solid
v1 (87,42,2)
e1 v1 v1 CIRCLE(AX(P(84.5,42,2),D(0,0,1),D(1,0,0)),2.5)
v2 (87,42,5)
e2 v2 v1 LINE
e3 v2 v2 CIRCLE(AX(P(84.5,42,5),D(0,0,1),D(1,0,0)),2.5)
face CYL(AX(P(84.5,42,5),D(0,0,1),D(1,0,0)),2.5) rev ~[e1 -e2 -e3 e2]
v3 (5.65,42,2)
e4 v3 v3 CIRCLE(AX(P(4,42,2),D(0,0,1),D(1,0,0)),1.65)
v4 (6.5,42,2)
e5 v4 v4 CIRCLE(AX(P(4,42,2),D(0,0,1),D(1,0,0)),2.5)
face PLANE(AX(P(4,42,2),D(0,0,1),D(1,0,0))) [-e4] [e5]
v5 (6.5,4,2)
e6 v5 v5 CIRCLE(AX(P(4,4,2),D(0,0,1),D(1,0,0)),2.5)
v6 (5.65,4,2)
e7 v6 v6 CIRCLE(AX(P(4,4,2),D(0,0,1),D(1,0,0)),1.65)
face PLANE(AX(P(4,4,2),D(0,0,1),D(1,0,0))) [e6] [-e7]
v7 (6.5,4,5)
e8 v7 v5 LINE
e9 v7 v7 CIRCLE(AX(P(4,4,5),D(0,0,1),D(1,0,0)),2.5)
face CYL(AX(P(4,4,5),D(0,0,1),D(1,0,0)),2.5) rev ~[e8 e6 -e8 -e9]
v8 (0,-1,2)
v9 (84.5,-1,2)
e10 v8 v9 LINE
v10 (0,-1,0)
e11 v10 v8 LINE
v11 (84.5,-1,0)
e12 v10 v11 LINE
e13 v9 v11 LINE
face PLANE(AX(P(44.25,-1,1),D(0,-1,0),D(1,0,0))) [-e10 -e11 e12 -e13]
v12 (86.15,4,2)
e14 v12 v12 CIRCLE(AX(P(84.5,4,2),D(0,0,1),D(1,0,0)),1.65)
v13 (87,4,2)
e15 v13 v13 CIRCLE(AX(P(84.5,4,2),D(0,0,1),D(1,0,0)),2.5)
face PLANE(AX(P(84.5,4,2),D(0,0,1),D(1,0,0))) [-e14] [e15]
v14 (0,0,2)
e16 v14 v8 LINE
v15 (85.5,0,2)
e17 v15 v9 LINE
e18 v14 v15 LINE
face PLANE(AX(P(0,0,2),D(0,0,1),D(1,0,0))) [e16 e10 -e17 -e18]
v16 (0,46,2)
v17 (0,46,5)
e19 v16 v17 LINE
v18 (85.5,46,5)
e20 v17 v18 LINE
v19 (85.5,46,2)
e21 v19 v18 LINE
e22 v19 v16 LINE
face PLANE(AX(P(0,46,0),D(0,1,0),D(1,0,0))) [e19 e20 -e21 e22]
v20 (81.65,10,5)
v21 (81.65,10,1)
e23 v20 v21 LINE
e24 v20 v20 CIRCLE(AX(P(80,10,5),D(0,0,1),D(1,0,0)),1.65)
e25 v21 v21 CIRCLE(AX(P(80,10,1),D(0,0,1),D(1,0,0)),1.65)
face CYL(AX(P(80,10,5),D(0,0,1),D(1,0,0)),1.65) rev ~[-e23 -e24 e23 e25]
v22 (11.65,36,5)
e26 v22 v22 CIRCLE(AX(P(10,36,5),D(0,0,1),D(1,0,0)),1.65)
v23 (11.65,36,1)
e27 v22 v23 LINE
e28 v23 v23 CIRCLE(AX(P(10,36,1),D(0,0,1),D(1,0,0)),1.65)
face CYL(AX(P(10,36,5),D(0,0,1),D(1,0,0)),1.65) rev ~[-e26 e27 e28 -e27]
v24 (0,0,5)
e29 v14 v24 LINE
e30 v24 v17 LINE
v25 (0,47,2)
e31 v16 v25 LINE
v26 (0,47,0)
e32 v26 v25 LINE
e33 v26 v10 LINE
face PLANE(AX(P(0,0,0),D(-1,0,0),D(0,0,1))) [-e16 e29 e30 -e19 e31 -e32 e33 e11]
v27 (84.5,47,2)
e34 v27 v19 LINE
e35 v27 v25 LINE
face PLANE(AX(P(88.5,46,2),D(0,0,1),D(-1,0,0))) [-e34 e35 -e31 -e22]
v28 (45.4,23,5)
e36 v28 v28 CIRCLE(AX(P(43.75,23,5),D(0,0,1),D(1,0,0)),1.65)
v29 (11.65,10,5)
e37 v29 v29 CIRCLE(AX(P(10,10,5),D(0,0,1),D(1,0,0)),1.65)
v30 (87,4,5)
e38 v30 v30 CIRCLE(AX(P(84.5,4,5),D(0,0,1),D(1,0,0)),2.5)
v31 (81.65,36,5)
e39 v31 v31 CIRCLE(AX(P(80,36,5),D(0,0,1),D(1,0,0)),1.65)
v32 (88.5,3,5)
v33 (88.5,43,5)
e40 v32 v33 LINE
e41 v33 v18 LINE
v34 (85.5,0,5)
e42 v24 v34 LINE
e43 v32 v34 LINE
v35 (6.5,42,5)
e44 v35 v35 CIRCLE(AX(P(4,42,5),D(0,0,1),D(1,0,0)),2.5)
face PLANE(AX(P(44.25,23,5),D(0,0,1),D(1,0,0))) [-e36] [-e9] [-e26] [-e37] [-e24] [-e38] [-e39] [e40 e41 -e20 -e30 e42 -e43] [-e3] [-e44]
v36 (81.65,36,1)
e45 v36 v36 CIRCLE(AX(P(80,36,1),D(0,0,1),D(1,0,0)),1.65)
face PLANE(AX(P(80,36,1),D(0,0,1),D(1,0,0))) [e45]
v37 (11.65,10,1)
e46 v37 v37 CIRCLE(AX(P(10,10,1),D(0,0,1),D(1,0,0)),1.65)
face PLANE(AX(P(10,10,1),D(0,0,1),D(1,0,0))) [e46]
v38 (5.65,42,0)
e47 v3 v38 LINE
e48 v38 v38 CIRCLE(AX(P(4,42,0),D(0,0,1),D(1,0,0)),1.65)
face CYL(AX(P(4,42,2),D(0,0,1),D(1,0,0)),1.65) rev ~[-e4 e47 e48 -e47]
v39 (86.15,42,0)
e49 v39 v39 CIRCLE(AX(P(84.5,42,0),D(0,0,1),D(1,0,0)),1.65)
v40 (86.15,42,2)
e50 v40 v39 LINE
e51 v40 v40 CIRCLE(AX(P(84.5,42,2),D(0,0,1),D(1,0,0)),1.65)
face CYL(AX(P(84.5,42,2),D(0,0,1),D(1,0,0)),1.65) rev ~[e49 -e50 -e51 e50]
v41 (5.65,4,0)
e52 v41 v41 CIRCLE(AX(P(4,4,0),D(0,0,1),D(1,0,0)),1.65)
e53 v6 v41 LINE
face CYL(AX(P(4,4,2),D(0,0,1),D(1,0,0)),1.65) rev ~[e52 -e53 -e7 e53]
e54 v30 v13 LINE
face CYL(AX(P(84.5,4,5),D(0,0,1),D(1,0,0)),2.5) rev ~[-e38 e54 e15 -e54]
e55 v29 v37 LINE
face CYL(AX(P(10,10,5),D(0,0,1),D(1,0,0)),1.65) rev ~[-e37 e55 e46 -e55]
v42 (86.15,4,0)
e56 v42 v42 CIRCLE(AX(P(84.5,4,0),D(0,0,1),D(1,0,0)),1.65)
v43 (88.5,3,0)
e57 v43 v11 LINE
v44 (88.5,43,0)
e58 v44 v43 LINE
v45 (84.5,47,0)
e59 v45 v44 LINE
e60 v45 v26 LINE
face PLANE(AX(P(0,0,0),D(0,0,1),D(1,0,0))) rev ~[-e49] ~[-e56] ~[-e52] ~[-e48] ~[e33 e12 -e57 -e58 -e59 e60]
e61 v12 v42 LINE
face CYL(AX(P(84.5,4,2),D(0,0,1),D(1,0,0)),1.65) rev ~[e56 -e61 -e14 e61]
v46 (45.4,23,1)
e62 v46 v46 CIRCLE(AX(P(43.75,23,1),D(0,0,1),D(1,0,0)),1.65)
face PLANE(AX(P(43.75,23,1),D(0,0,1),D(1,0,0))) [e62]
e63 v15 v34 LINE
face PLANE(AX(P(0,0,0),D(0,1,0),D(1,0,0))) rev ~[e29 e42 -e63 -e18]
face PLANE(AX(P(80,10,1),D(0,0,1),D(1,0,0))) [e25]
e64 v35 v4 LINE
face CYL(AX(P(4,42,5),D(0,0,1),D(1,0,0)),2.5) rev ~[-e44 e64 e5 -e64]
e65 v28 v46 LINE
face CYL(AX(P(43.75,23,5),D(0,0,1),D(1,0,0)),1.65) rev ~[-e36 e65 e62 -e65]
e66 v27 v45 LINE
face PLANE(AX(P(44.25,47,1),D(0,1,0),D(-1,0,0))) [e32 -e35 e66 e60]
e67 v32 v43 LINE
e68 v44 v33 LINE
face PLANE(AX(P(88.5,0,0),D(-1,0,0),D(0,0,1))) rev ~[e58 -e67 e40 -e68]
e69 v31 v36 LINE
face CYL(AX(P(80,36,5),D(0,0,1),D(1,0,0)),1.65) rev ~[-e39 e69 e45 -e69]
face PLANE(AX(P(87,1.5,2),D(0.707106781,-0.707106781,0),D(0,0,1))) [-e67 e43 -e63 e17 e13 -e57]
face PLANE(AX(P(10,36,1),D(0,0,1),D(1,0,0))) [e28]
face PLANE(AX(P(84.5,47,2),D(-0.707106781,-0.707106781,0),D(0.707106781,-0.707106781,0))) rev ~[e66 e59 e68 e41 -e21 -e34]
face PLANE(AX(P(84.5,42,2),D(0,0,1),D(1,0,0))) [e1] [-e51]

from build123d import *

# Parameters (mm, degrees)
F0_W      = 88.5
F0_H      = 46
F1_DEPTH  = 5
F2_R      = 2.5
F6_DEPTH  = 3
F3_R      = 2.5
F7_DEPTH  = 3
F4_R      = 2.5
F8_DEPTH  = 3
F5_R      = 2.5
F9_DEPTH  = 3
F12_R     = 1.65
F14_DEPTH = 3
F13_R     = 1.65
F15_DEPTH = 3
F11_R     = 1.65
F16_DEPTH = 3
F10_R     = 1.65
F17_DEPTH = 3
F18_R     = 1.65
F19_DEPTH = 4
F20_R     = 1.65
F21_R     = 1.65
F24_DEPTH = 4
F22_R     = 1.65
F23_R     = 1.65
F25_DEPTH = 4
F26_W     = 88.5
F26_H     = 2
F27_DEPTH = 1
F28_W     = 88.5
F28_H     = 2
F29_DEPTH = 1
F30_SIZE  = 3
F32_DEPTH = 3
F33_SIZE  = 3
F35_DEPTH = 3


with BuildPart() as f1:
    # F0 (on Top) → F1 (new body)
    with BuildSketch(Plane.XY):
        with Locations((44.25, 23)):
            Rectangle(F0_W, F0_H)
    extrude(amount=F1_DEPTH)

    # F2 (on face) → F6 (cut)
    with BuildSketch(Plane.XY.offset(5)):
        with Locations((4, 42)):
            Circle(F2_R)
    extrude(amount=-F6_DEPTH, mode=Mode.SUBTRACT)

    # F3 (on face) → F7 (cut)
    with BuildSketch(Plane.XY.offset(5)):
        with Locations((4, 4)):
            Circle(F3_R)
    extrude(amount=-F7_DEPTH, mode=Mode.SUBTRACT)

    # F4 (on face) → F8 (cut)
    with BuildSketch(Plane.XY.offset(5)):
        with Locations((84.5, 42)):
            Circle(F4_R)
    extrude(amount=-F8_DEPTH, mode=Mode.SUBTRACT)

    # F5 (on face) → F9 (cut)
    with BuildSketch(Plane.XY.offset(5)):
        with Locations((84.5, 4)):
            Circle(F5_R)
    extrude(amount=-F9_DEPTH, mode=Mode.SUBTRACT)

    # F12 (on face) → F14 (cut)
    with BuildSketch(Plane.XY.offset(2)):
        with Locations((84.5, 42)):
            Circle(F12_R)
    extrude(amount=-F14_DEPTH, mode=Mode.SUBTRACT)

    # F13 (on face) → F15 (cut)
    with BuildSketch(Plane.XY.offset(2)):
        with Locations((84.5, 4)):
            Circle(F13_R)
    extrude(amount=-F15_DEPTH, mode=Mode.SUBTRACT)

    # F11 (on face) → F16 (cut)
    with BuildSketch(Plane.XY.offset(2)):
        with Locations((4, 4)):
            Circle(F11_R)
    extrude(amount=-F16_DEPTH, mode=Mode.SUBTRACT)

    # F10 (on face) → F17 (cut)
    with BuildSketch(Plane.XY.offset(2)):
        with Locations((4, 42)):
            Circle(F10_R)
    extrude(amount=-F17_DEPTH, mode=Mode.SUBTRACT)

    # F18 (on face) → F19 (cut)
    with BuildSketch(Plane.XY.offset(5)):
        with Locations((43.75, 23)):
            Circle(F18_R)
    extrude(amount=-F19_DEPTH, mode=Mode.SUBTRACT)

    # F20 (on face) + F21 (on face) → F24 (cut)
    with BuildSketch(Plane.XY.offset(5)):
        with Locations((10, 36)):
            Circle(F20_R)
    with BuildSketch(Plane.XY.offset(5)):
        with Locations((10, 10)):
            Circle(F21_R)
    extrude(amount=-F24_DEPTH, mode=Mode.SUBTRACT)

    # F22 (on face) + F23 (on face) → F25 (cut)
    with BuildSketch(Plane.XY.offset(5)):
        with Locations((80, 36)):
            Circle(F22_R)
    with BuildSketch(Plane.XY.offset(5)):
        with Locations((80, 10)):
            Circle(F23_R)
    extrude(amount=-F25_DEPTH, mode=Mode.SUBTRACT)

    # F26 (on face) → F27 (join)
    with BuildSketch(Plane(origin=(0, 46, 0), x_dir=(-1, 0, 0), z_dir=(0, 1, 0))):
        with Locations((-44.25, 1)):
            Rectangle(F26_W, F26_H)
    extrude(amount=F27_DEPTH)

    # F28 (on face) → F29 (join)
    with BuildSketch(Plane.XZ):
        with Locations((44.25, 1)):
            Rectangle(F28_W, F28_H)
    extrude(amount=F29_DEPTH)

    # F30
    f30_edges = [f1.edges().sort_by_distance(p)[0] for p in [
        (88.5, 0, 3.5),
    ]]
    chamfer(f30_edges, length=F30_SIZE)

    # F31 (on face) → F32 (cut)
    with BuildSketch(Plane.XY.offset(2)):
        Polygon((88.5, 0), (88.5, 3), (85.5, 0), (84.5, -1), (88.5, -1), align=None)
    extrude(amount=-F32_DEPTH, mode=Mode.SUBTRACT)

    # F33
    f33_edges = [f1.edges().sort_by_distance(p)[0] for p in [
        (88.5, 46, 3.5),
    ]]
    chamfer(f33_edges, length=F33_SIZE)

    # F34 (on face) → F35 (cut)
    with BuildSketch(Plane.XY.offset(2)):
        Polygon((85.5, 46), (88.5, 43), (88.5, 46), (88.5, 47), (84.5, 47), align=None)
    extrude(amount=-F35_DEPTH, mode=Mode.SUBTRACT)


solid = f1.part
